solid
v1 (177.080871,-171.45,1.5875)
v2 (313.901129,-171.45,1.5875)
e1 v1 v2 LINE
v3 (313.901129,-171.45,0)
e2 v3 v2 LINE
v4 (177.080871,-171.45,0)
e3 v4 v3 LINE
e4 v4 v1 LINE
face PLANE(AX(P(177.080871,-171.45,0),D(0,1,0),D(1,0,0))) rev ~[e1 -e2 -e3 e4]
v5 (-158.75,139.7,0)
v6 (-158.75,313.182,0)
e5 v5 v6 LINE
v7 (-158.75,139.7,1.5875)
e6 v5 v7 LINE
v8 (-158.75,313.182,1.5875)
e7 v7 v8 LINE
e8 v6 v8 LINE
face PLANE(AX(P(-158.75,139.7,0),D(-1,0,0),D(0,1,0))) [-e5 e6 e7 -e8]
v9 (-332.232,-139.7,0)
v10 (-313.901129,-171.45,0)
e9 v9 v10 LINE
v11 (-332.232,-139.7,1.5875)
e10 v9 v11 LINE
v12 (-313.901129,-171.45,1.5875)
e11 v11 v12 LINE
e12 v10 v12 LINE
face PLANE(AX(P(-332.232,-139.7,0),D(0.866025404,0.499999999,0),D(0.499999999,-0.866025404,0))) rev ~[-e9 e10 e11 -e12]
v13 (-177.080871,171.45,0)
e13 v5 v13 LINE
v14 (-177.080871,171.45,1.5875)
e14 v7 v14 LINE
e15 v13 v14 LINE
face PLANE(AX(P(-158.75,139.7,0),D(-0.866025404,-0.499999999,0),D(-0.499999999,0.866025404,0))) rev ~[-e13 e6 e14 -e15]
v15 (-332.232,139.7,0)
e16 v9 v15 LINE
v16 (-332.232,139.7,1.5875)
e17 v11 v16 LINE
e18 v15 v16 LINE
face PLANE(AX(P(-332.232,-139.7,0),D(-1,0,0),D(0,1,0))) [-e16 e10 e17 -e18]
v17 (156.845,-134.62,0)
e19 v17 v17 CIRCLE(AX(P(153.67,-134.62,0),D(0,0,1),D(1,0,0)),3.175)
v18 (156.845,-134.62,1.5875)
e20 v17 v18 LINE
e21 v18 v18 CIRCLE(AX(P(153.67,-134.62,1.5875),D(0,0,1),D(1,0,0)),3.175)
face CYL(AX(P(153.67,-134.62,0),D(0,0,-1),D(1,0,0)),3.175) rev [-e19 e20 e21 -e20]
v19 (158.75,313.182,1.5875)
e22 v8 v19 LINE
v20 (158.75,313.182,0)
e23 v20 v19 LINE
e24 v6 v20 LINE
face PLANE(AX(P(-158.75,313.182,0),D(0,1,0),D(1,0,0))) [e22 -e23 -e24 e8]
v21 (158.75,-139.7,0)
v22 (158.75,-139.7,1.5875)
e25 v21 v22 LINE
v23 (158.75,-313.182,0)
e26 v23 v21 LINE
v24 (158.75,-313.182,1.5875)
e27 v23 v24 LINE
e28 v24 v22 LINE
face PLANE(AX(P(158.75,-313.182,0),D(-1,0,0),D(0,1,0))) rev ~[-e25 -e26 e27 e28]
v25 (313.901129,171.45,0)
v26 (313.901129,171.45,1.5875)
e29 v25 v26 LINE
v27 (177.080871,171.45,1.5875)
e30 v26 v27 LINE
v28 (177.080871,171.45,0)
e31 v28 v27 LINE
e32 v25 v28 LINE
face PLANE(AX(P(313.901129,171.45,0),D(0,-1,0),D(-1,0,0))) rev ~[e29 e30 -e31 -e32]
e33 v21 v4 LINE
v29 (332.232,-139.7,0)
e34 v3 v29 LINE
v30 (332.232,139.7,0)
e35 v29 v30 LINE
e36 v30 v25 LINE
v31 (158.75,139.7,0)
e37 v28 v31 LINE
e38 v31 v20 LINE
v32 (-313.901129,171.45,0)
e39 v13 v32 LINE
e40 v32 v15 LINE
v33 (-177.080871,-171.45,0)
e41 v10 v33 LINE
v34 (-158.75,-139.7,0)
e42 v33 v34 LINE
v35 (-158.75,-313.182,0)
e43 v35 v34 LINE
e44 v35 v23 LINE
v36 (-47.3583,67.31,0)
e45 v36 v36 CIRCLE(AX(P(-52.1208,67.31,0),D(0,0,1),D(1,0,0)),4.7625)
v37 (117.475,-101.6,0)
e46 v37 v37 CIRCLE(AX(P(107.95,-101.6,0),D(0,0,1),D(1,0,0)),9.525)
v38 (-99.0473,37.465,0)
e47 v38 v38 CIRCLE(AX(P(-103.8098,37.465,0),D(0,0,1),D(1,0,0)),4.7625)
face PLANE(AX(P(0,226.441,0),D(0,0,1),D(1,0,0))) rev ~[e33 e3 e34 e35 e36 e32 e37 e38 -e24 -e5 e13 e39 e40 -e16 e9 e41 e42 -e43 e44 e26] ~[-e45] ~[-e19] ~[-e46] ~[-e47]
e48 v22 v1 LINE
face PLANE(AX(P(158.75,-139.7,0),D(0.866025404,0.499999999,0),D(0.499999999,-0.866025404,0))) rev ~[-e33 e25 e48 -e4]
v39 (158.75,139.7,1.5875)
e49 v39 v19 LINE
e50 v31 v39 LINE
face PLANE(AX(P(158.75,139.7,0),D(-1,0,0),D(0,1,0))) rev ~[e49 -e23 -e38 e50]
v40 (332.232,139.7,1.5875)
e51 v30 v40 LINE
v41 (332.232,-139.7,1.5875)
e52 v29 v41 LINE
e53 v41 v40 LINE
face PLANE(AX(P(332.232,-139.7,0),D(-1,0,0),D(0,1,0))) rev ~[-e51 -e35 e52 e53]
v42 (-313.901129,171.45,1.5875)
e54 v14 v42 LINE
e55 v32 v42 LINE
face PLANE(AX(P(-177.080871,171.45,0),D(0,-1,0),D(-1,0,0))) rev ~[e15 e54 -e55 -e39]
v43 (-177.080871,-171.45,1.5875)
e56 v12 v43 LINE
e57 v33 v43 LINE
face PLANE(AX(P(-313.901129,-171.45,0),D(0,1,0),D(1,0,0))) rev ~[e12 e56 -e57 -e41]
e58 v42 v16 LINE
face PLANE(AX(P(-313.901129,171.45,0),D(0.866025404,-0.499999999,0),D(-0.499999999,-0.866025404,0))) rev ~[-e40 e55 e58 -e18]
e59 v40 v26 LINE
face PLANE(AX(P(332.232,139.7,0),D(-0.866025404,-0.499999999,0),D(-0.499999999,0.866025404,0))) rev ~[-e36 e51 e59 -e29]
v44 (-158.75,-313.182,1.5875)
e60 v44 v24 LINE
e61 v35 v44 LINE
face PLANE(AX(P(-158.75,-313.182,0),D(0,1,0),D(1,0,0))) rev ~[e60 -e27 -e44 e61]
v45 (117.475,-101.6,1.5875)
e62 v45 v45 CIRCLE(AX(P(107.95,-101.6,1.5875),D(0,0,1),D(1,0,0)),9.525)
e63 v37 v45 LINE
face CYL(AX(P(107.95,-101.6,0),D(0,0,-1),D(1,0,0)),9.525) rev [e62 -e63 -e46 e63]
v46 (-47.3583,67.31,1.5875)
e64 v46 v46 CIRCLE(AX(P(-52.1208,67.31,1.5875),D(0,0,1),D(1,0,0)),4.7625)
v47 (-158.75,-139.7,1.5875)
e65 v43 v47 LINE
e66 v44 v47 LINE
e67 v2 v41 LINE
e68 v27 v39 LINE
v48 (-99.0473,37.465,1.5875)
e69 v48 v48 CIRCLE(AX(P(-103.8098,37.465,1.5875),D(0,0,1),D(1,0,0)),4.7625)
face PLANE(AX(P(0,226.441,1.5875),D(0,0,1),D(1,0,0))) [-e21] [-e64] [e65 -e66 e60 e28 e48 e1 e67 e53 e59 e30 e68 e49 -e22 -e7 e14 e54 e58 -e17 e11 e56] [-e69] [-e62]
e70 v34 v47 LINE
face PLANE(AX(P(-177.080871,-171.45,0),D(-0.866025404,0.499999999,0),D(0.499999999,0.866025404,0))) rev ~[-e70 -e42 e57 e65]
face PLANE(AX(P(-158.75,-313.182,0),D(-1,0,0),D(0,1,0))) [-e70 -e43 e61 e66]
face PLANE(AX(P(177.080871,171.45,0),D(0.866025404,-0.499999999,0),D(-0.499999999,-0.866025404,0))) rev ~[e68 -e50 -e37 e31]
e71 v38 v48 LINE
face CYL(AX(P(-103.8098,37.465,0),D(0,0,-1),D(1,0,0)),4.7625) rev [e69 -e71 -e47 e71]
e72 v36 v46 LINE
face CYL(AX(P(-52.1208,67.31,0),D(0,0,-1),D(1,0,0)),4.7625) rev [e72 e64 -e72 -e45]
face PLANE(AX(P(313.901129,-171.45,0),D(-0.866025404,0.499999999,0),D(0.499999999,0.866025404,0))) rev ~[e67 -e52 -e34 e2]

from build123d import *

# Parameters (mm, degrees)
F0_W     = 317.5
F0_H     = 173.482
F0_W_2   = 173.482
F0_H_2   = 279.4
F0_R     = 3.175
F0_R_2   = 9.525
F0_R_3   = 4.7625
F1_DEPTH = 1.5875


with BuildPart() as f1:
    # F0 (on Top) → F1 (new body)
    with BuildSketch(Plane.XY):
        with Locations((0, 226.441)):
            Rectangle(F0_W, F0_H)
        Polygon((-332.232, 139.7), (-158.75, 139.7), (-177.080871, 171.45), (-313.901129, 171.45), align=None)
        with Locations((-245.491, 0)):
            Rectangle(F0_W_2, F0_H_2)
        Polygon((-177.080871, -171.45), (-158.75, -139.7), (-332.232, -139.7), (-313.901129, -171.45), align=None)
        with Locations((0, -226.441)):
            Rectangle(F0_W, F0_H)
        Rectangle(F0_W, F0_H_2)
        with Locations((153.67, -134.62)):
            Circle(F0_R, mode=Mode.SUBTRACT)
        with Locations((107.95, -101.6)):
            Circle(F0_R_2, mode=Mode.SUBTRACT)
        with Locations((-103.8098, 37.465)):
            Circle(F0_R_3, mode=Mode.SUBTRACT)
        with Locations((-52.1208, 67.31)):
            Circle(F0_R_3, mode=Mode.SUBTRACT)
        with Locations((245.491, 0)):
            Rectangle(F0_W_2, F0_H_2)
        Polygon((332.232, -139.7), (158.75, -139.7), (177.080871, -171.45), (313.901129, -171.45), align=None)
        Polygon((177.080871, 171.45), (158.75, 139.7), (332.232, 139.7), (313.901129, 171.45), align=None)
    extrude(amount=F1_DEPTH)


solid = f1.part
